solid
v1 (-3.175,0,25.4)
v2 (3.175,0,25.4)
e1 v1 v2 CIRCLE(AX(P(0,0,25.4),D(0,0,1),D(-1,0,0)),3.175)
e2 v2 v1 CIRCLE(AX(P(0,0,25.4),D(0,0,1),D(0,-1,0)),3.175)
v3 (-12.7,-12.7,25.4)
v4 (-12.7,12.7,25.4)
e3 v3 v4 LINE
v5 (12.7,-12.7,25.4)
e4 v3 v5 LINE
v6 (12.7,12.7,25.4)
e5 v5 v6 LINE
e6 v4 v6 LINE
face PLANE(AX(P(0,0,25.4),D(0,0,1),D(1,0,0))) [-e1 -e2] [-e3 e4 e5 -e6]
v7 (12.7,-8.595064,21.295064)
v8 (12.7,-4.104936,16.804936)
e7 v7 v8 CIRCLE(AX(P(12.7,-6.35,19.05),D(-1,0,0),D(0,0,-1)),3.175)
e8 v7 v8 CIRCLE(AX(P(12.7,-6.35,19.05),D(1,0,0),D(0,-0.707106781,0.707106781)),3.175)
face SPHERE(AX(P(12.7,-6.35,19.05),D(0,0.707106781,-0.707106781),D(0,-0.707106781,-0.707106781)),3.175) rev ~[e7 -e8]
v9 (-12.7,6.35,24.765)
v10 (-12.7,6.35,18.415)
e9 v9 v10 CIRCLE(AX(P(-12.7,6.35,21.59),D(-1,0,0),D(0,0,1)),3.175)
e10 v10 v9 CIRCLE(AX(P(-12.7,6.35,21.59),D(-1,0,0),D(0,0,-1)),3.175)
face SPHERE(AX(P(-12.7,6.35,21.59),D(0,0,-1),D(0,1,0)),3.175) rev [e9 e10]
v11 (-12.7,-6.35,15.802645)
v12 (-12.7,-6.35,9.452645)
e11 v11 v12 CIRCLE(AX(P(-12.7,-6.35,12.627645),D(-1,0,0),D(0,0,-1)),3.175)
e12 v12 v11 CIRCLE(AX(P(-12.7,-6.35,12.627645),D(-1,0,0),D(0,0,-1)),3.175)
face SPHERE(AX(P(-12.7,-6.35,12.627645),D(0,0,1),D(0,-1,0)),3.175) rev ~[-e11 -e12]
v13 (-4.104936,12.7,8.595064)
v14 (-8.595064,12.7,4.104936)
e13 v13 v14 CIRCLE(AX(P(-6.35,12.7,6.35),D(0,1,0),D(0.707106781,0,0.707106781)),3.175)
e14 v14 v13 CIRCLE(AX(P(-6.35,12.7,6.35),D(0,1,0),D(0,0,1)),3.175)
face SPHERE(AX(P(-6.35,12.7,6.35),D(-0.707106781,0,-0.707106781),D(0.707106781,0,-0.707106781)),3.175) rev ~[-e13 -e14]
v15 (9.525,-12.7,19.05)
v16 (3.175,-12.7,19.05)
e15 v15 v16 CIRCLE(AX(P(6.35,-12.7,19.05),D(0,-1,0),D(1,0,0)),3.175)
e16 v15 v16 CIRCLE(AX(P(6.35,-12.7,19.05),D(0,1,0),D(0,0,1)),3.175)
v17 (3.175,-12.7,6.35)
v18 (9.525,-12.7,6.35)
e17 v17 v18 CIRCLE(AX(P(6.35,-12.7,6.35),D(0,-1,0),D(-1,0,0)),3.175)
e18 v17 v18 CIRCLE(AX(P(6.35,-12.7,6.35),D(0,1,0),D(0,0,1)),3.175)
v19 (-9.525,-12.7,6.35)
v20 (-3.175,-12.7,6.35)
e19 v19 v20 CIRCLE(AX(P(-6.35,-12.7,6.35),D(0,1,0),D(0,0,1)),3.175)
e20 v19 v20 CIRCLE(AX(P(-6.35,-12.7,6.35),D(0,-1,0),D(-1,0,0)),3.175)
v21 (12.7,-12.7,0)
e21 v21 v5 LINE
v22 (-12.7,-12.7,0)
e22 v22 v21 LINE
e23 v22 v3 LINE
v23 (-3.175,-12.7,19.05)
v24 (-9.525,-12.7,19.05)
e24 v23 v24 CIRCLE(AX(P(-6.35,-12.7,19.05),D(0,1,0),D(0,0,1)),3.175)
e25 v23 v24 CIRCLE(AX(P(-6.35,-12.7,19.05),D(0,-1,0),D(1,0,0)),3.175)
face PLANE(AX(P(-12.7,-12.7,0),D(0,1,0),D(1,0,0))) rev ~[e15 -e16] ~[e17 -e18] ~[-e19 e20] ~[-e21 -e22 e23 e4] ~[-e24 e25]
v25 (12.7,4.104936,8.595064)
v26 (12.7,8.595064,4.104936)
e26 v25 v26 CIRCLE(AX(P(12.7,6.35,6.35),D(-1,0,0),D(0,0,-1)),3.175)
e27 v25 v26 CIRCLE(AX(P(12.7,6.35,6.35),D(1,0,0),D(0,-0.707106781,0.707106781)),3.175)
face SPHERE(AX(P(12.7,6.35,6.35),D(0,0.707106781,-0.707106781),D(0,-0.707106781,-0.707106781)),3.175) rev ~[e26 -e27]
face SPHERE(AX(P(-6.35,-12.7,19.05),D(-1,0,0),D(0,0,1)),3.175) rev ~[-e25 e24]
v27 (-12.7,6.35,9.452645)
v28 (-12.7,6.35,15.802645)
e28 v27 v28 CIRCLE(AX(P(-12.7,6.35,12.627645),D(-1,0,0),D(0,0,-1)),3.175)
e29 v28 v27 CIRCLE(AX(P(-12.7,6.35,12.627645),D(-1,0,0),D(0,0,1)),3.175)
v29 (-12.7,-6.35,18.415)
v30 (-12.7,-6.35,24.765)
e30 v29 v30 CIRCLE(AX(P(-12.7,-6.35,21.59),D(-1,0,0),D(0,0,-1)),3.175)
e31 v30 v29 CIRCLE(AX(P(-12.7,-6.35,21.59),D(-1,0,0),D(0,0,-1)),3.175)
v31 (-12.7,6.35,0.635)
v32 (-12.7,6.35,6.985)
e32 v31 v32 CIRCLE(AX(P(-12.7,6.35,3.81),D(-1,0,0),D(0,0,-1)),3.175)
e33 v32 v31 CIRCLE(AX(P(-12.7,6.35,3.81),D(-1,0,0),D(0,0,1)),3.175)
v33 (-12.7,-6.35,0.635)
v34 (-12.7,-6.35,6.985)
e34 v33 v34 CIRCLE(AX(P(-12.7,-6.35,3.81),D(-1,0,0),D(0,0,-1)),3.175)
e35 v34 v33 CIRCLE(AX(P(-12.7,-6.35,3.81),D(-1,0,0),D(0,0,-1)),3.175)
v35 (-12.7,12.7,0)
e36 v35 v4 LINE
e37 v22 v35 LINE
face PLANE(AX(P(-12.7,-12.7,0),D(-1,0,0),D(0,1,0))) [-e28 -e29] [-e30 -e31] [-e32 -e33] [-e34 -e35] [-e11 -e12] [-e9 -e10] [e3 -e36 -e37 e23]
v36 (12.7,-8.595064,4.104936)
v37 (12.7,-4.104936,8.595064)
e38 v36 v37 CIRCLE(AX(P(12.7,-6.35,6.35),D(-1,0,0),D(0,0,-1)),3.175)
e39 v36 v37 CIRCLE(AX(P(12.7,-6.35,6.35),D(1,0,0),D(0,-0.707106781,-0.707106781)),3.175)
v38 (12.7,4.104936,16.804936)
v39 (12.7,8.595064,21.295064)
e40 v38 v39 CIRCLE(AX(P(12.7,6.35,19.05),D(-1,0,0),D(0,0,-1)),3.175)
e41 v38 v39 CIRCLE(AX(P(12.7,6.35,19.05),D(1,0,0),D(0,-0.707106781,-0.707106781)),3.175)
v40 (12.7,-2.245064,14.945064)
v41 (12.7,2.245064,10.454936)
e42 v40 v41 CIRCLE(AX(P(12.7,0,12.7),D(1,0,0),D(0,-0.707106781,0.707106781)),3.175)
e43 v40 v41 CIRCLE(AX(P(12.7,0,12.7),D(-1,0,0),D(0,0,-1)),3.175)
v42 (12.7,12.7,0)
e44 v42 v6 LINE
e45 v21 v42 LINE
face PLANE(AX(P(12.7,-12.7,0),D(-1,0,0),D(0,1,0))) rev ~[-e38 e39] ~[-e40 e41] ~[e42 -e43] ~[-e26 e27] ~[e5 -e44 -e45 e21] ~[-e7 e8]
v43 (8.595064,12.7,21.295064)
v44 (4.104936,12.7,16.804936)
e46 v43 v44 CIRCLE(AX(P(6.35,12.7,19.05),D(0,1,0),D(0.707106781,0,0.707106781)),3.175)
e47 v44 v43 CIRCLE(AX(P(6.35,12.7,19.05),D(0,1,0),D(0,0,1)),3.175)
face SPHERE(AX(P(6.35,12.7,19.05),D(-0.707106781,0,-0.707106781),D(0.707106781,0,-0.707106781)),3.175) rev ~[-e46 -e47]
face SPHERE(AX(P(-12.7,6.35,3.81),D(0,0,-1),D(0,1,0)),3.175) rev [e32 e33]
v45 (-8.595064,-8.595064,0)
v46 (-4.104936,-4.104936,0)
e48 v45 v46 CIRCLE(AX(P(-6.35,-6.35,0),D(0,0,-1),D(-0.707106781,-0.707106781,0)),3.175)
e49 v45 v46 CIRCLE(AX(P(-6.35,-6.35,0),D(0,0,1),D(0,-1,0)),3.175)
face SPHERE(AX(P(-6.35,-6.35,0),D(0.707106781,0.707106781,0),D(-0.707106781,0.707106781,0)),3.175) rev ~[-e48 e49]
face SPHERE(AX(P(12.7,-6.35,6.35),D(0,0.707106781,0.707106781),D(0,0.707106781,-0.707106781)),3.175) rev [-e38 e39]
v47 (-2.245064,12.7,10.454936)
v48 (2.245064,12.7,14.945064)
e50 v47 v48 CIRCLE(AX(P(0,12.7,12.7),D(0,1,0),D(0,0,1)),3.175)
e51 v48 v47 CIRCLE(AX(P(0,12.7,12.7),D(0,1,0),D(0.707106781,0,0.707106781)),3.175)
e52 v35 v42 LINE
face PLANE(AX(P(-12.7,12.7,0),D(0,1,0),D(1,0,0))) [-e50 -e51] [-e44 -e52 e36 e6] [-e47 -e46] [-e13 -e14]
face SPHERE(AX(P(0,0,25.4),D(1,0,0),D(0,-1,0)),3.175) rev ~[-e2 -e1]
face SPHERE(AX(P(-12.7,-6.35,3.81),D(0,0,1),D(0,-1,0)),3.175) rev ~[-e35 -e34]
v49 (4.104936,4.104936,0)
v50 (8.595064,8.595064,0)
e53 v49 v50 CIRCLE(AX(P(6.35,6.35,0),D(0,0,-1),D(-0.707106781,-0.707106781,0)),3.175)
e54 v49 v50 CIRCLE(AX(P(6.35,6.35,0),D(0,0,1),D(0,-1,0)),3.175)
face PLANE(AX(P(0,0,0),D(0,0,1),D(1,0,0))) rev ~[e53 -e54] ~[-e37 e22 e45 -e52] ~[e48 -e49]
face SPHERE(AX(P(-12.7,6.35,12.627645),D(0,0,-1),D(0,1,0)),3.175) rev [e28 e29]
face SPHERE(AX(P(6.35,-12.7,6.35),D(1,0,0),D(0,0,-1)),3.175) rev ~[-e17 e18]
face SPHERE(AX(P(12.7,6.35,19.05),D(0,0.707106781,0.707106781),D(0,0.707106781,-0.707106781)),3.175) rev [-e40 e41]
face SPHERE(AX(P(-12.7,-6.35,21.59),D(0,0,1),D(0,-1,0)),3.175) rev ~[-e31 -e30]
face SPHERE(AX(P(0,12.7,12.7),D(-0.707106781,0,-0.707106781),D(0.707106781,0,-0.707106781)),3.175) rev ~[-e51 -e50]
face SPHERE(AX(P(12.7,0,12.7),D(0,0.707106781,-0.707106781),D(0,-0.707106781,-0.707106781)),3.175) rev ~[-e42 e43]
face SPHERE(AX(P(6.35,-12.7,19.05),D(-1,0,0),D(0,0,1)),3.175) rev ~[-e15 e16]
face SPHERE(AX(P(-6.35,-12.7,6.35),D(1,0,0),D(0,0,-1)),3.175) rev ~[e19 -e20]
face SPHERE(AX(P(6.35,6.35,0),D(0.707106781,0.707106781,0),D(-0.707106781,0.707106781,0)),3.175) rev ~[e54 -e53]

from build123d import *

# Parameters (mm, degrees)
F0_W     = 25.4
F0_H     = 25.4
F1_DEPTH = 25.4


with BuildPart() as f1:
    # F0 (on Top) → F1 (new body)
    with BuildSketch(Plane.XY):
        Rectangle(F0_W, F0_H)
    extrude(amount=F1_DEPTH)

    # F2 (on face) → F3 (revolve, cut)
    with BuildSketch(Plane.XY.offset(25.4)):
        with BuildLine():
            Line((3.175, 0), (-3.175, 0))
            ThreePointArc((-3.175, 0), (0, -3.175), (3.175, 0))
        make_face()
    revolve(axis=Axis((-0.156245, 0, 25.4), (1, 0, 0)), mode=Mode.SUBTRACT)

    # F4 (on face) → F5 (revolve, cut)
    with BuildSketch(Plane(origin=(0, 0, 0), x_dir=(1, 0, 0), z_dir=(0, 0, -1))):
        with BuildLine():
            Line((-4.104936, 4.104936), (-8.595064, 8.595064))
            ThreePointArc((-8.595064, 8.595064), (-8.595064, 4.104936), (-4.104936, 4.104936))
        make_face()
        with BuildLine():
            Line((8.595064, -8.595064), (4.104936, -4.104936))
            ThreePointArc((4.104936, -4.104936), (4.104936, -8.595064), (8.595064, -8.595064))
        make_face()
    revolve(axis=Axis((6.35, 6.35, 0), (0.707107, 0.707107, 0)), mode=Mode.SUBTRACT)

    # F6 (on face) → F7 (revolve, cut)
    with BuildSketch(Plane(origin=(0, 12.7, 0), x_dir=(-1, 0, 0), z_dir=(0, 1, 0))):
        with BuildLine():
            Line((-4.104936, 16.804936), (-8.595064, 21.295064))
            ThreePointArc((-8.595064, 21.295064), (-8.595064, 16.804936), (-4.104936, 16.804936))
        make_face()
        with BuildLine():
            Line((2.245064, 10.454936), (-2.245064, 14.945064))
            ThreePointArc((-2.245064, 14.945064), (-2.245064, 10.454936), (2.245064, 10.454936))
        make_face()
        with BuildLine():
            Line((8.595064, 4.104936), (4.104936, 8.595064))
            ThreePointArc((4.104936, 8.595064), (4.104936, 4.104936), (8.595064, 4.104936))
        make_face()
    revolve(axis=Axis((0, 12.7, 12.7), (-0.707107, 0, -0.707107)), mode=Mode.SUBTRACT)

    # F8 (on face) → F9 (revolve, cut)
    with BuildSketch(Plane.XZ.offset(12.7)):
        with BuildLine():
            ThreePointArc((3.175, 6.35), (6.35, 3.175), (9.525, 6.35))
            Line((9.525, 6.35), (3.175, 6.35))
        make_face()
        with BuildLine():
            Line((-3.175, 6.35), (-9.525, 6.35))
            ThreePointArc((-9.525, 6.35), (-6.35, 3.175), (-3.175, 6.35))
        make_face()
    revolve(axis=Axis((0, -12.7, 6.35), (1, 0, 0)), mode=Mode.SUBTRACT)

    # F8 (on face) → F10 (revolve, cut)
    with BuildSketch(Plane.XZ.offset(12.7)):
        with BuildLine():
            Line((-9.525, 19.05), (-3.175, 19.05))
            ThreePointArc((-3.175, 19.05), (-6.35, 22.225), (-9.525, 19.05))
        make_face()
        with BuildLine():
            ThreePointArc((9.525, 19.05), (6.35, 22.225), (3.175, 19.05))
            Line((3.175, 19.05), (9.525, 19.05))
        make_face()
    revolve(axis=Axis((0, -12.7, 19.05), (-1, 0, 0)), mode=Mode.SUBTRACT)

    # F11 (on face) → F12 (revolve, cut)
    with BuildSketch(Plane.YZ.offset(12.7)):
        with BuildLine():
            Line((-4.104936, 16.804936), (-8.595064, 21.295064))
            ThreePointArc((-8.595064, 21.295064), (-8.595064, 16.804936), (-4.104936, 16.804936))
        make_face()
        with BuildLine():
            Line((2.245064, 10.454936), (-2.245064, 14.945064))
            ThreePointArc((-2.245064, 14.945064), (-2.245064, 10.454936), (2.245064, 10.454936))
        make_face()
        with BuildLine():
            Line((8.595064, 4.104936), (4.104936, 8.595064))
            ThreePointArc((4.104936, 8.595064), (4.104936, 4.104936), (8.595064, 4.104936))
        make_face()
    revolve(axis=Axis((12.7, 0, 12.7), (0, 0.707107, -0.707107)), mode=Mode.SUBTRACT)

    # F11 (on face) → F13 (revolve, cut)
    with BuildSketch(Plane.YZ.offset(12.7)):
        with BuildLine():
            Line((-4.104936, 8.595064), (-8.595064, 4.104936))
            ThreePointArc((-8.595064, 4.104936), (-4.104936, 4.104936), (-4.104936, 8.595064))
        make_face()
        with BuildLine():
            Line((8.595064, 21.295064), (4.104936, 16.804936))
            ThreePointArc((4.104936, 16.804936), (8.595064, 16.804936), (8.595064, 21.295064))
        make_face()
    revolve(axis=Axis((12.7, 6.35, 19.05), (0, -0.707107, -0.707107)), mode=Mode.SUBTRACT)

    # F14 (on face) → F15 (revolve, cut)
    with BuildSketch(Plane(origin=(-12.7, 0, 0), x_dir=(0, -1, 0), z_dir=(-1, 0, 0))):
        with BuildLine():
            Line((6.35, 6.985), (6.35, 0.635))
            ThreePointArc((6.35, 0.635), (9.525, 3.81), (6.35, 6.985))
        make_face()
        with BuildLine():
            Line((6.35, 15.802645), (6.35, 9.452645))
            ThreePointArc((6.35, 9.452645), (9.525, 12.627645), (6.35, 15.802645))
        make_face()
        with BuildLine():
            Line((6.35, 24.765), (6.35, 18.415))
            ThreePointArc((6.35, 18.415), (9.525, 21.59), (6.35, 24.765))
        make_face()
    revolve(axis=Axis((-12.7, -6.35, 15.144984), (0, 0, 1)), mode=Mode.SUBTRACT)

    # F14 (on face) → F16 (revolve, cut)
    with BuildSketch(Plane(origin=(-12.7, 0, 0), x_dir=(0, -1, 0), z_dir=(-1, 0, 0))):
        with BuildLine():
            ThreePointArc((-6.35, 6.985), (-9.525, 3.81), (-6.35, 0.635))
            Line((-6.35, 0.635), (-6.35, 6.985))
        make_face()
        with BuildLine():
            ThreePointArc((-6.35, 15.802645), (-9.525, 12.627645), (-6.35, 9.452645))
            Line((-6.35, 9.452645), (-6.35, 15.802645))
        make_face()
        with BuildLine():
            Line((-6.35, 18.415), (-6.35, 24.765))
            ThreePointArc((-6.35, 24.765), (-9.525, 21.59), (-6.35, 18.415))
        make_face()
    revolve(axis=Axis((-12.7, 6.35, 15.371381), (0, 0, 1)), mode=Mode.SUBTRACT)


solid = f1.part
